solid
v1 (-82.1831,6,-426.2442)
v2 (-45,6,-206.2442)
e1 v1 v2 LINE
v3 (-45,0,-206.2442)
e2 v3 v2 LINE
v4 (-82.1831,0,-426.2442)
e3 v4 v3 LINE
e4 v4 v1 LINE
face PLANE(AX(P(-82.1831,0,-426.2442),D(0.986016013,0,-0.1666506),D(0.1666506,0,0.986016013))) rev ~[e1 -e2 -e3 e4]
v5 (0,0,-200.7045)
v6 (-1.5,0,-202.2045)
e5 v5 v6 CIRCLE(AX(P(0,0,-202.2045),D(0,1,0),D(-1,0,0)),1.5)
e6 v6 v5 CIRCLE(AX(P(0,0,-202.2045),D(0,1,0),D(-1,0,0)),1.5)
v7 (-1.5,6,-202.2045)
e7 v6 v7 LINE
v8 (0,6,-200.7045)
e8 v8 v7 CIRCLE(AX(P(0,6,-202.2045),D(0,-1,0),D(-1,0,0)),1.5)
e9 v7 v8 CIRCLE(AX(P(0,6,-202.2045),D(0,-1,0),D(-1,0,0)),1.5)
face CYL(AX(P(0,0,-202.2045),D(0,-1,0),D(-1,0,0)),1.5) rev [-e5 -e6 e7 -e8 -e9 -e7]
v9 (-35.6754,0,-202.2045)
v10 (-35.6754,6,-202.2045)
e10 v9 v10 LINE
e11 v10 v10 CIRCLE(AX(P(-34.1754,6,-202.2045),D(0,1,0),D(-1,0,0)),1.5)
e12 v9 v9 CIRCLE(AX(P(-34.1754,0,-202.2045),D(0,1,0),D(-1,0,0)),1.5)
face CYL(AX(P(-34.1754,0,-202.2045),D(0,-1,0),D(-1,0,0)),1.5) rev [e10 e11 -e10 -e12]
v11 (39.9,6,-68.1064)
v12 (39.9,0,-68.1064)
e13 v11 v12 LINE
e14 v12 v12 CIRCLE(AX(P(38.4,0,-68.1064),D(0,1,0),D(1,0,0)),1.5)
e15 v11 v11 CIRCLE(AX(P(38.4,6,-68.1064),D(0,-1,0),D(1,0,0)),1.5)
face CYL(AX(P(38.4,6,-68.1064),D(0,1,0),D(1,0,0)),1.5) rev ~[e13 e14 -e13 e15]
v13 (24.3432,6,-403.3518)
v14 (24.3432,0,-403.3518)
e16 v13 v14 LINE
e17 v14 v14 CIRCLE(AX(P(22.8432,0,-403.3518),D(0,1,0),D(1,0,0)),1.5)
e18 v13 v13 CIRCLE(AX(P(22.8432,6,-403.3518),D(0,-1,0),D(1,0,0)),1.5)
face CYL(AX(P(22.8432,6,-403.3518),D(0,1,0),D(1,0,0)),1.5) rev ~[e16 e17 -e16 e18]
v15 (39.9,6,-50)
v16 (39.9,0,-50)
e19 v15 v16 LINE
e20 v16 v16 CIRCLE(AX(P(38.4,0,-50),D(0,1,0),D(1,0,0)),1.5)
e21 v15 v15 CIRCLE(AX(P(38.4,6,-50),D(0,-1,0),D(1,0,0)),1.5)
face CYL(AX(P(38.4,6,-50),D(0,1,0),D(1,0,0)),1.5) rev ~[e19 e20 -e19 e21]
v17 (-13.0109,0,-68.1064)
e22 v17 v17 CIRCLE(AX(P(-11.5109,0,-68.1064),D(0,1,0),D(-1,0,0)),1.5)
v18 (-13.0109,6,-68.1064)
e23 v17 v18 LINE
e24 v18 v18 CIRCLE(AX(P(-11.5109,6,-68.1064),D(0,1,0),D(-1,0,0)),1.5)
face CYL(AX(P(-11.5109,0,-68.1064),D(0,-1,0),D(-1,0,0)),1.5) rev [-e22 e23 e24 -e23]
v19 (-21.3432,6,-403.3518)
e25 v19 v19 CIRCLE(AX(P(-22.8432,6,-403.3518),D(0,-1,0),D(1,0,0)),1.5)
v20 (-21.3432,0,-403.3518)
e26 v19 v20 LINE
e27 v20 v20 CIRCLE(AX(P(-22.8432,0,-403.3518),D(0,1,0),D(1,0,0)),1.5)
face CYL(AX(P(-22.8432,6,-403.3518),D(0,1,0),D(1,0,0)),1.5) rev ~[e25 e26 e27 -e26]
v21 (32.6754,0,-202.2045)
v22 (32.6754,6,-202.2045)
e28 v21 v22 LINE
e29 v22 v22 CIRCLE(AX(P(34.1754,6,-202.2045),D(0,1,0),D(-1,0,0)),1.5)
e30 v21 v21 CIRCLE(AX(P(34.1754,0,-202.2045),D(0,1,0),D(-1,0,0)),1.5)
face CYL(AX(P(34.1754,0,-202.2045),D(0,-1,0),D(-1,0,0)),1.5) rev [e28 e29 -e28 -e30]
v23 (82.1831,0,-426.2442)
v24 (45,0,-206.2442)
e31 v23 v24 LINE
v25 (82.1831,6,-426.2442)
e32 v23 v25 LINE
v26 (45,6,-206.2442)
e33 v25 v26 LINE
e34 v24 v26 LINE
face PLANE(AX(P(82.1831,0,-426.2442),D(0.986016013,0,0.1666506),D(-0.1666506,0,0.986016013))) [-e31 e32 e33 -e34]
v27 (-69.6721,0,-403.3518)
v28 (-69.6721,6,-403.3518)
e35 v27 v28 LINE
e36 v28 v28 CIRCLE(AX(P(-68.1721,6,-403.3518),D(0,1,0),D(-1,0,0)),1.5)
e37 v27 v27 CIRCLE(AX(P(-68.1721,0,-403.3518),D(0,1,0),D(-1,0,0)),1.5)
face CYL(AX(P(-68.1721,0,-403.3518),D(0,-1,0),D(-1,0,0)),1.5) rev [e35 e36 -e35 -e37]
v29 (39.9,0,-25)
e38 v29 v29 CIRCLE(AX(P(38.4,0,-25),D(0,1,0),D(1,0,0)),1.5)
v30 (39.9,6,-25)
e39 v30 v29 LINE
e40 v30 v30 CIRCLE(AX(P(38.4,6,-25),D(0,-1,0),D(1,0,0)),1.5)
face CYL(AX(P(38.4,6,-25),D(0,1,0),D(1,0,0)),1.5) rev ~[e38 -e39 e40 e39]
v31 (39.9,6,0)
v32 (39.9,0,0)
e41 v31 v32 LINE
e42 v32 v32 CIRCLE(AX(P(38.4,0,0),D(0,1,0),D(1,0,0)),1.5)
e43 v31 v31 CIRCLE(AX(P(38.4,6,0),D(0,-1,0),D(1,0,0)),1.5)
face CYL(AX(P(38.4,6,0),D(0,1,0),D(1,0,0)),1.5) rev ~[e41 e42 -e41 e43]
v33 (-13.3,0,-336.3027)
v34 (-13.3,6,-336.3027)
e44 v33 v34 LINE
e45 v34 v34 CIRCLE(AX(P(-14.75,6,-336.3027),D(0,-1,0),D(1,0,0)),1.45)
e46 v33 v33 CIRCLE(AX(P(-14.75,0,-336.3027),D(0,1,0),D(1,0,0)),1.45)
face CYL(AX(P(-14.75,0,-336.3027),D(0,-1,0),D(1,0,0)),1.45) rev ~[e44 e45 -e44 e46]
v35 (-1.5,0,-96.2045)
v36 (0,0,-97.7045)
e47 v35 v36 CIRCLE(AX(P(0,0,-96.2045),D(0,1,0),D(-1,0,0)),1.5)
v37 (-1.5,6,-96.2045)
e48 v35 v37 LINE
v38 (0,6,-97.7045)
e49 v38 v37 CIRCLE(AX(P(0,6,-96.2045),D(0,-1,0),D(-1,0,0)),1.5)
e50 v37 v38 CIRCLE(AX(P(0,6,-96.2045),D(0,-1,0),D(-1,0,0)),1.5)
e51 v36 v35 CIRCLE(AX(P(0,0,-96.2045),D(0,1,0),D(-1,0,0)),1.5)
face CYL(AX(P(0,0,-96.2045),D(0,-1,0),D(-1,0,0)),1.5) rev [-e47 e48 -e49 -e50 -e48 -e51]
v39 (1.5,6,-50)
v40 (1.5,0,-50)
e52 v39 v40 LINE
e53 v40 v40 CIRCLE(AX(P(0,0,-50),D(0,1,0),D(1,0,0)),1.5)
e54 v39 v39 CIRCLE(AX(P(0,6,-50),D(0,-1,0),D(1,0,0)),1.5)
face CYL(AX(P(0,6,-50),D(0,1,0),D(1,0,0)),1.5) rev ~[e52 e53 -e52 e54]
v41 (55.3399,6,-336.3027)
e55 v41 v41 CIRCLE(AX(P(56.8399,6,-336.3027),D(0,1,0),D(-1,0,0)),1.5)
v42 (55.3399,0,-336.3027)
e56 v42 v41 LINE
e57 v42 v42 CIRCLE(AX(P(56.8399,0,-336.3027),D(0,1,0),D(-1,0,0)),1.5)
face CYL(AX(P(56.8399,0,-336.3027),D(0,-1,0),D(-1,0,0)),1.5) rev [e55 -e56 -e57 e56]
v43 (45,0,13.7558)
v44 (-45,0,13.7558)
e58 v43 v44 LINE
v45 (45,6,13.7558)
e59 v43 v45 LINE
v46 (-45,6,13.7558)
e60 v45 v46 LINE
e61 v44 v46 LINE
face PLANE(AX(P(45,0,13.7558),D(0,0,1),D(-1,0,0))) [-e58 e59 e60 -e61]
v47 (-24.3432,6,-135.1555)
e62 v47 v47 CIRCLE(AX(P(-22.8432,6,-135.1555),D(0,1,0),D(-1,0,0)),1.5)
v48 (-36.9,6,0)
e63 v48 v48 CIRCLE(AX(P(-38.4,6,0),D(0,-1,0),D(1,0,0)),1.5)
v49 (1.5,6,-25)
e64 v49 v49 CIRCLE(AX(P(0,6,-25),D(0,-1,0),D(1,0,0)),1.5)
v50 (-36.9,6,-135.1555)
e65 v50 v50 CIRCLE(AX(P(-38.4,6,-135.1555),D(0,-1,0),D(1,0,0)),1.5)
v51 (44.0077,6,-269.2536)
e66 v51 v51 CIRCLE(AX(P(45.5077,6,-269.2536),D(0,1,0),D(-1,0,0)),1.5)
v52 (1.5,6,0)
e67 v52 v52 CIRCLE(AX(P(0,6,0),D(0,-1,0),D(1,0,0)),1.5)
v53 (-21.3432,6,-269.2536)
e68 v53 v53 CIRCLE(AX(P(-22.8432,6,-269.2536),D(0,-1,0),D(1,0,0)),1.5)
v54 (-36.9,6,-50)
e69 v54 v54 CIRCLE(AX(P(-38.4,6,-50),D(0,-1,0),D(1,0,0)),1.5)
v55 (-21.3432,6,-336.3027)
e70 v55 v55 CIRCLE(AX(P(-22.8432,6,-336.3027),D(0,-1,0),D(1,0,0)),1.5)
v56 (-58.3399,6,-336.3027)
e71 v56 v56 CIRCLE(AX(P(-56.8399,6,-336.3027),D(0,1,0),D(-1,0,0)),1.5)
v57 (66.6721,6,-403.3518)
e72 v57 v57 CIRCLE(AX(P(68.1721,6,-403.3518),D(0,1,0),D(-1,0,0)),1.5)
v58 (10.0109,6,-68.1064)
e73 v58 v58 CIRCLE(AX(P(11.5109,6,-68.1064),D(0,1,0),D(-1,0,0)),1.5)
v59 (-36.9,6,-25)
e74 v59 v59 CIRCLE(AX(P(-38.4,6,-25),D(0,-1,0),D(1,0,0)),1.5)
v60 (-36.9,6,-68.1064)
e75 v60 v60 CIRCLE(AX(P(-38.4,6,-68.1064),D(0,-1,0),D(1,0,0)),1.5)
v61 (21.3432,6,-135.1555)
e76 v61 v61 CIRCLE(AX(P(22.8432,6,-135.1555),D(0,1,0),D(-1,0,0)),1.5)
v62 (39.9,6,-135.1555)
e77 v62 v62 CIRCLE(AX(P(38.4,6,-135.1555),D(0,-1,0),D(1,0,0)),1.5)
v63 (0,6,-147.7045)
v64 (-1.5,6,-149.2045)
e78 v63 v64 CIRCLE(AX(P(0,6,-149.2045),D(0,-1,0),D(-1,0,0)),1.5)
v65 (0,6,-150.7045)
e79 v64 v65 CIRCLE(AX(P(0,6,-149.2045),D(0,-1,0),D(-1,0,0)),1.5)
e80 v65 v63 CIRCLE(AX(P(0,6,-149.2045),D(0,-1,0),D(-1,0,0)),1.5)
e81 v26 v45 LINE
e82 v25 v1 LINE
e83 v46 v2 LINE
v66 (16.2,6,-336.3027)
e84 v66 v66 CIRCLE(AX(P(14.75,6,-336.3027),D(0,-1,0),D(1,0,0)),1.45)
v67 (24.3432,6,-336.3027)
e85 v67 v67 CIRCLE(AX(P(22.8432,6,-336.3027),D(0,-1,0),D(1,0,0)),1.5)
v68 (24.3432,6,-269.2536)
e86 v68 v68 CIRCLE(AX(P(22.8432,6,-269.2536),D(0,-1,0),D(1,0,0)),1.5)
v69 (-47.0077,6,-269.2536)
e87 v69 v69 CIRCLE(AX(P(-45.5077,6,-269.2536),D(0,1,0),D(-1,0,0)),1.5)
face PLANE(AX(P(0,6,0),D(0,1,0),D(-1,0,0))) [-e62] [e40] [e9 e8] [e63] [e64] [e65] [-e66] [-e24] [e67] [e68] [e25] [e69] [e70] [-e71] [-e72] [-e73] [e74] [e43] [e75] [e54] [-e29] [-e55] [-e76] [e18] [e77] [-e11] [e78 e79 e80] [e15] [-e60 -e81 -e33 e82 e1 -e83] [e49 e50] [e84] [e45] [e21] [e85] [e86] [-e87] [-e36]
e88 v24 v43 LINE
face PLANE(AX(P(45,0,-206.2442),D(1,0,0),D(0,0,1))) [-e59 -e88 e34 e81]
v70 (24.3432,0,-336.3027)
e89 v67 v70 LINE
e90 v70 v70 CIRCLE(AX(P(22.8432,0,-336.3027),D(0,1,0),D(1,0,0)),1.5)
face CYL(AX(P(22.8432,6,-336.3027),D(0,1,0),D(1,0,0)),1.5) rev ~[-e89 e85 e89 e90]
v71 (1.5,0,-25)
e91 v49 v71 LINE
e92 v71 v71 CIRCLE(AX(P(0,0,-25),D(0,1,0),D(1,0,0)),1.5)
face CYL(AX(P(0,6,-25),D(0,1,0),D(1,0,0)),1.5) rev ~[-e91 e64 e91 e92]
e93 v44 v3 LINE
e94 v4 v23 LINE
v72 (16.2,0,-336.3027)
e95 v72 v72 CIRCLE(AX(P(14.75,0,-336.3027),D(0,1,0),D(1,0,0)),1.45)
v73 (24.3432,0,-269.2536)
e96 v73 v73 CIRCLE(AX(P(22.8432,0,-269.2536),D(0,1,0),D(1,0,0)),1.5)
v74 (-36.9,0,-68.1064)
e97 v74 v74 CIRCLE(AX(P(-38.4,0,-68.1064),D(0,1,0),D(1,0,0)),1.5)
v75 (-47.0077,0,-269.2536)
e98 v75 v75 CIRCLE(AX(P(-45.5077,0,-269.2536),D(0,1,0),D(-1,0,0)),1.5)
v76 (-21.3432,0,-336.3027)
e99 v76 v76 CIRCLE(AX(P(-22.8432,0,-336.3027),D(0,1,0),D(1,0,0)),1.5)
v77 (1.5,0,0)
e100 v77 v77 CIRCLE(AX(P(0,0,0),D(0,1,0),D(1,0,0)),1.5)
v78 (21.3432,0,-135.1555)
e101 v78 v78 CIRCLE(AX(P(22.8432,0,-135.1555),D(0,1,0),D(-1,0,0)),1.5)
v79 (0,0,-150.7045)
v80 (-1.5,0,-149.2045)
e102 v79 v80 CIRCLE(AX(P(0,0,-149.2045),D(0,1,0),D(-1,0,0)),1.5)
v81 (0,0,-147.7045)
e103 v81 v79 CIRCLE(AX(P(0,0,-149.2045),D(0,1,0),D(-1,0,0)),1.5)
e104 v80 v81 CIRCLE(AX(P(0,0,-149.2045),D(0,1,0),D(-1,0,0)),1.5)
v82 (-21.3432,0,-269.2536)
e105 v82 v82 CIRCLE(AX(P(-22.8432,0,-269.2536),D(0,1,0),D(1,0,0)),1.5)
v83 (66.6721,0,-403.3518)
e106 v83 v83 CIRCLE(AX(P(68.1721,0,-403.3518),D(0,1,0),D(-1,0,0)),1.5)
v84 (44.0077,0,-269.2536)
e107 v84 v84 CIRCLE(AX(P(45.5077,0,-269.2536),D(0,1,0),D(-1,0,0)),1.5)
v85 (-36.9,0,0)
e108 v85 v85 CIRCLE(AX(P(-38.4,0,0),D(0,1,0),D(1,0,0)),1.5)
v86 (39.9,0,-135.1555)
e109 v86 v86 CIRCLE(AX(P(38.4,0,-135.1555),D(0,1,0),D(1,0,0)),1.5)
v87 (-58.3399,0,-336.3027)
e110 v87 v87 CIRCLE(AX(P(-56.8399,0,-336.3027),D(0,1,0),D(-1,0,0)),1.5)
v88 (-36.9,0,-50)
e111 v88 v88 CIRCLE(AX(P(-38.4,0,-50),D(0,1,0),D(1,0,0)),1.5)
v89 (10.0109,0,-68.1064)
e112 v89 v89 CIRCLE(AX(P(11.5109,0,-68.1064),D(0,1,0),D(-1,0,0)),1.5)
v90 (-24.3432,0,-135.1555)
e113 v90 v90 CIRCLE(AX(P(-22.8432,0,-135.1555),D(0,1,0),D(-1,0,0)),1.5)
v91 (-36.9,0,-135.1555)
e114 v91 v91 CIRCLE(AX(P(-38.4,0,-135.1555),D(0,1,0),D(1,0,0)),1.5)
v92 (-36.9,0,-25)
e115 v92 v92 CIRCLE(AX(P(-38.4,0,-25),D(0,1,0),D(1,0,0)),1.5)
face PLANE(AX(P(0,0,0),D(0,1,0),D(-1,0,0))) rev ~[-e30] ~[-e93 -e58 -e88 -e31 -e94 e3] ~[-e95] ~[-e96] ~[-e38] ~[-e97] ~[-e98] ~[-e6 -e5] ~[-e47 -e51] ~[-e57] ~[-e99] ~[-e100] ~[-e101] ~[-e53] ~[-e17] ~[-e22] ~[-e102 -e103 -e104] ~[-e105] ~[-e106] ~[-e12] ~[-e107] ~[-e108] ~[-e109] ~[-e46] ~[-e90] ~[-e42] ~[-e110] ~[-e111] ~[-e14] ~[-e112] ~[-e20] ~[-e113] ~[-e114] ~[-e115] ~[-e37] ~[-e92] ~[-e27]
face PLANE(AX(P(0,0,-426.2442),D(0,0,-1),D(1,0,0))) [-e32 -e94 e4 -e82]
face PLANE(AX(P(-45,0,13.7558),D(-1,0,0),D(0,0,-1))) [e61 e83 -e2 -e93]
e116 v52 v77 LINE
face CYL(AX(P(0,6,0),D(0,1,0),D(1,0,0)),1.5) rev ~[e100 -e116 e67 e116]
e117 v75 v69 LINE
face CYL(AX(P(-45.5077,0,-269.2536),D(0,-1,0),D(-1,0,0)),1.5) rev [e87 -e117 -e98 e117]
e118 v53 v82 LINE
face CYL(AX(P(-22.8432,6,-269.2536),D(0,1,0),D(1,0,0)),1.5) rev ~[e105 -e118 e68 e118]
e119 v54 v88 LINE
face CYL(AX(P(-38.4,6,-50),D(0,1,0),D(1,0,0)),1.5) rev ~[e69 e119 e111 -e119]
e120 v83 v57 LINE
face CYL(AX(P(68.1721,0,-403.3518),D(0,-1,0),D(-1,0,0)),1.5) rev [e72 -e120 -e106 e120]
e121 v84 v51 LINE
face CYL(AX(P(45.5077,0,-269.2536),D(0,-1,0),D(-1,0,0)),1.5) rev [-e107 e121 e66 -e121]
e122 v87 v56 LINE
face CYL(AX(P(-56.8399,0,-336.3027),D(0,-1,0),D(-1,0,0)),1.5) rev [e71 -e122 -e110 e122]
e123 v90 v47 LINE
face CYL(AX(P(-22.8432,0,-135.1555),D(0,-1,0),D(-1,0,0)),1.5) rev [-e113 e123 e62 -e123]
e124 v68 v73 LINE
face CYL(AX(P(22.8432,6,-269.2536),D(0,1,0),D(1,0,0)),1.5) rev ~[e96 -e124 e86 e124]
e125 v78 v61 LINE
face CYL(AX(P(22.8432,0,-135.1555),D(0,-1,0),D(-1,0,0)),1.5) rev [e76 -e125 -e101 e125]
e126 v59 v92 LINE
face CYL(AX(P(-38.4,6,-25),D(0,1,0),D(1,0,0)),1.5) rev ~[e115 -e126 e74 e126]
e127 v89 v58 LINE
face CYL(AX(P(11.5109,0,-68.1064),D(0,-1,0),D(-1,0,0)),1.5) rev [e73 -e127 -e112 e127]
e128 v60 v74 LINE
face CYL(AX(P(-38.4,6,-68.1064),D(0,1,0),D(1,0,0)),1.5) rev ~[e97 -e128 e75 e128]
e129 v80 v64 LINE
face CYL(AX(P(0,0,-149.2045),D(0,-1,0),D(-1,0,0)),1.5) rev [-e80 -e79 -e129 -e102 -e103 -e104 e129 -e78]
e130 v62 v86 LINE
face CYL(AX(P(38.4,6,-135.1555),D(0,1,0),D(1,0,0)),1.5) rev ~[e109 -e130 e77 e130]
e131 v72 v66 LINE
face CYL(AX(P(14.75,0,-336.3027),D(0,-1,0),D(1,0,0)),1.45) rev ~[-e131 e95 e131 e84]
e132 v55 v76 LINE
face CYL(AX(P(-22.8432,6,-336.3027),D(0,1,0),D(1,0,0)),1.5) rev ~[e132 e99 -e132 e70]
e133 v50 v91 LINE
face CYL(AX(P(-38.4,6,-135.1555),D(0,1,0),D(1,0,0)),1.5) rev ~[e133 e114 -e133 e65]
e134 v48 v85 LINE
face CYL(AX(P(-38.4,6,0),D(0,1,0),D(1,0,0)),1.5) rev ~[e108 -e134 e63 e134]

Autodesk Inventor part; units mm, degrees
ref_plane "YZ Plane" through (0, 0, 0) normal (1, 0, 0) x (0, 1, 0)
ref_plane "XZ Plane" through (0, 0, 0) normal (0, 1, 0) x (-1, 0, 0)
ref_plane "XY Plane" through (0, 0, 0) normal (0, 0, 1) x (1, 0, 0)
sketch "Эскиз1" plane through (0, 0, 0) normal (0, 1, 0) x (-1, 0, 0)
  line L0 (0, 0) -> (0, 458.3537) construction
  line L1 (0, 0) -> (0, -395.9132) construction
  line L2 (0, 0) -> (0, -1420) construction
  line L3 (0, -1420) -> (-240, -1420) construction
  line L4 (0, -1420) -> (240, -1420) construction
  line L5 (-240, -1420) -> (-11.5109, -68.1064) construction
  line L6 (-45, 13.7558) -> (45, 13.7558)
  line L7 (45, 13.7558) -> (45, -206.2442)
  line L8 (45, -206.2442) -> (-45, -206.2442) construction
  line L9 (-45, -206.2442) -> (-45, 13.7558)
  line L10 (-45, 13.7558) -> (45, -206.2442) construction
  line L11 (45, 13.7558) -> (-45, -206.2442) construction
  line L12 (-251.832, -1430) -> (-82.1831, -426.2442) construction
  line L13 (-45, -206.2442) -> (45, -206.2442) construction
  line L14 (45, -206.2442) -> (45, -426.2442) construction
  line L15 (45, -426.2442) -> (-45, -426.2442) construction
  line L16 (-45, -426.2442) -> (-45, -206.2442) construction
  line L17 (0, -426.2442) -> (-82.1831, -426.2442)
  line L18 (-82.1831, -426.2442) -> (-45, -206.2442)
  line L19 (0, -426.2442) -> (82.1831, -426.2442)
  line L20 (82.1831, -426.2442) -> (45, -206.2442)
  circle A0 centre (-11.5109, -68.1064) radius 1.5
  line L21 (-11.5109, -68.1064) -> (0, 0) construction
  circle A1 centre (-22.8432, -135.1555) radius 1.5
  circle A2 centre (-34.1754, -202.2045) radius 1.5
  circle A3 centre (-45.5077, -269.2536) radius 1.5
  circle A4 centre (-56.8399, -336.3027) radius 1.5
  circle A5 centre (-68.1721, -403.3518) radius 1.5
  circle A6 centre (11.5109, -68.1064) radius 1.5
  circle A7 centre (22.8432, -135.1555) radius 1.5
  circle A8 centre (34.1754, -202.2045) radius 1.5
  circle A9 centre (45.5077, -269.2536) radius 1.5
  circle A10 centre (56.8399, -336.3027) radius 1.5
  circle A11 centre (68.1721, -403.3518) radius 1.5
  line L22 (0, -96.2442) -> (0, -202.2045)
  circle A12 centre (0, -202.2045) radius 1.5
  circle A13 centre (0, -149.2045) radius 1.5
  circle A14 centre (0, -96.2045) radius 1.5
  point P0 (0, -96.2442)
  dimension "d16" = 240
  dimension "d17" = 180
  dimension "d18" = 1420
  dimension "d21" = 90
  dimension "d22" = 220
  dimension "d24" = 10
  dimension "d25" = 90
  dimension "d26" = 220
  dimension "d27" = 3
  dimension "d30" = 68
  dimension "d39" = 53
extrude "Выдавливание1" add sketch "Эскиз1" along normal blind 6 contours L6 L7 L20 L19 L17 L18 L9 | A12 | A13 L22 | L22 A13 | A14
extrude "Выдавливание2" cut sketch "Эскиз1" along normal blind 10 contours A12 | A13 L22 | L22 A13 | A14
sketch "Эскиз2" plane through (0, 6, 0) normal (0, 1, 0) x (1, 0, 0)
  circle A0 centre (-45.5077, 269.2536) radius 1.5 projected
  circle A1 centre (-56.8399, 336.3027) radius 1.5 projected
  circle A2 centre (0, 202.2045) radius 1.5 projected
  circle A3 centre (0, 149.2045) radius 1.5 projected
  circle A4 centre (0, 96.2045) radius 1.5 projected
  line L0 (45, 206.2442) -> (82.1831, 426.2442) projected
  line L1 (82.1831, 426.2442) -> (-82.1831, 426.2442) projected
  line L2 (-82.1831, 426.2442) -> (-45, 206.2442) projected
  line L3 (-45, 206.2442) -> (-45, -13.7558) projected
  line L4 (-45, -13.7558) -> (45, -13.7558) projected
  line L5 (45, -13.7558) -> (45, 206.2442) projected
  circle A5 centre (11.5109, 68.1064) radius 1.5 projected
  circle A6 centre (22.8432, 135.1555) radius 1.5 projected
  circle A7 centre (34.1754, 202.2045) radius 1.5 projected
  circle A8 centre (-11.5109, 68.1064) radius 1.5 projected
  circle A9 centre (-22.8432, 135.1555) radius 1.5 projected
  circle A10 centre (-34.1754, 202.2045) radius 1.5 projected
  circle A11 centre (45.5077, 269.2536) radius 1.5 projected
  circle A12 centre (56.8399, 336.3027) radius 1.5 projected
  circle A13 centre (68.1721, 403.3518) radius 1.5 projected
  circle A14 centre (-45.5077, 269.2536) radius 1.5 projected
  circle A15 centre (-56.8399, 336.3027) radius 1.5 projected
  circle A16 centre (-68.1721, 403.3518) radius 1.5 projected
  line L6 (-82.1831, 426.2442) -> (-45, 206.2442) projected
  line L7 (-55.6495, 269.2536) -> (55.6495, 269.2536)
  line L8 (45, 206.2442) -> (82.1831, 426.2442) projected
  line L9 (-66.9817, 336.3027) -> (66.9817, 336.3027)
  line L10 (-78.314, 403.3518) -> (78.314, 403.3518)
  circle A17 centre (-22.8432, 269.2536) radius 1.5
  circle A18 centre (22.8432, 269.2536) radius 1.5
  circle A19 centre (-22.8432, 336.3027) radius 1.5
  circle A20 centre (22.8432, 336.3027) radius 1.5
  circle A21 centre (-22.8432, 403.3518) radius 1.5
  circle A22 centre (22.8432, 403.3518) radius 1.5
  point P0 (0, 0)
extrude "Выдавливание3" cut sketch "Эскиз2" against normal blind 10 contours A17 L7 | L7 A17 | A18 L7 | L7 A18 | A19 L9 | L9 A19 | A21 L10 | L10 A21 | A20 L9 | L9 A20 | A22 L10 | L10 A22
sketch "Эскиз3" plane through (0, 6, 0) normal (0, 1, 0) x (1, 0, 0)
  circle A0 centre (-22.8432, 336.3027) radius 1.5 projected
  circle A1 centre (22.8432, 403.3518) radius 1.5 projected
  circle A2 centre (22.8432, 269.2536) radius 1.5 projected
  circle A3 centre (22.8432, 336.3027) radius 1.5 projected
  circle A4 centre (-22.8432, 403.3518) radius 1.5 projected
  circle A5 centre (-22.8432, 269.2536) radius 1.5 projected
  circle A6 centre (0, 202.2045) radius 1.5 projected
  circle A7 centre (0, 149.2045) radius 1.5 projected
  circle A8 centre (0, 96.2045) radius 1.5 projected
  line L0 (45, 206.2442) -> (82.1831, 426.2442) projected
  line L1 (82.1831, 426.2442) -> (-82.1831, 426.2442) projected
  line L2 (-82.1831, 426.2442) -> (-45, 206.2442) projected
  line L3 (-45, 206.2442) -> (-45, -13.7558) projected
  line L4 (-45, -13.7558) -> (45, -13.7558) projected
  line L5 (45, -13.7558) -> (45, 206.2442) projected
  circle A9 centre (11.5109, 68.1064) radius 1.5 projected
  circle A10 centre (22.8432, 135.1555) radius 1.5 projected
  circle A11 centre (34.1754, 202.2045) radius 1.5 projected
  circle A12 centre (-11.5109, 68.1064) radius 1.5 projected
  circle A13 centre (-22.8432, 135.1555) radius 1.5 projected
  circle A14 centre (-34.1754, 202.2045) radius 1.5 projected
  circle A15 centre (45.5077, 269.2536) radius 1.5 projected
  circle A16 centre (56.8399, 336.3027) radius 1.5 projected
  circle A17 centre (68.1721, 403.3518) radius 1.5 projected
  circle A18 centre (-45.5077, 269.2536) radius 1.5 projected
  circle A19 centre (-56.8399, 336.3027) radius 1.5 projected
  circle A20 centre (-68.1721, 403.3518) radius 1.5 projected
  line L6 (-45, 206.2442) -> (-45, -13.7558) projected
  line L7 (-45, 68.1064) -> (45, 68.1064)
  line L8 (45, -13.7558) -> (45, 206.2442) projected
  line L9 (-45, 135.1555) -> (45, 135.1555)
  circle A21 centre (-38.4, 135.1555) radius 1.5
  circle A22 centre (-38.4, 68.1064) radius 1.5
  circle A23 centre (38.4, 68.1064) radius 1.5
  circle A24 centre (38.4, 135.1555) radius 1.5
  line L10 (-39.9, 0) -> (38.4, 0)
  line L11 (0, 0) -> (0, 68.1064)
  circle A25 centre (38.4, 0) radius 1.5
  circle A26 centre (0, 0) radius 1.5
  circle A27 centre (-38.4, 0) radius 1.5
  line L12 (-39.9, 25) -> (38.4, 25)
  circle A28 centre (-38.4, 25) radius 1.5
  circle A29 centre (0, 25) radius 1.5
  circle A30 centre (38.4, 25) radius 1.5
  line L13 (-39.9, 50) -> (38.4, 50)
  circle A31 centre (-38.4, 50) radius 1.5
  circle A32 centre (0, 50) radius 1.5
  circle A33 centre (38.4, 50) radius 1.5
  dimension "d48" = 3
  dimension "d49" = 6.6
  dimension "d50" = 6.6
  dimension "d51" = 6.6
  dimension "d52" = 6.6
  dimension "d62" = 25
extrude "Выдавливание4" cut sketch "Эскиз3" against normal blind 10 contours A33 | A30 | A25 | A27 L10 | L10 A27 | A26 L10 L11 | L11 L10 A26 | A28 L12 | L12 A28 | A29 L12 L11 | L11 L12 A29 | A31 L13 | L13 A31 | A32 L13 L11 | L11 L13 A32 | A24 L9 | L9 A24 | A23 L7 | L7 A23 | A21 L9 | L9 A21 | A22 L7 | L7 A22 | L13 A32 L11 | L11 A32 L13 | L12 A29 L11 | L11 A29 L12 | L10 A26
sketch "Эскиз4" plane through (0, 0, 0) normal (0, -1, 0) x (1, 0, 0)
  circle A0 centre (-22.8432, -336.3027) radius 1.5 projected
  circle A1 centre (22.8432, -336.3027) radius 1.5 projected
  circle A2 centre (-22.8432, -336.3027) radius 1.5 projected
  line L0 (-22.8432, -336.3027) -> (22.8432, -336.3027)
  line L1 (0, -336.3027) -> (14.75, -336.3027)
  line L2 (0, -336.3027) -> (-14.75, -336.3027)
  circle A3 centre (-14.75, -336.3027) radius 1.45
  circle A4 centre (14.75, -336.3027) radius 1.45
  point P0 (0, 0)
  dimension "d69" = 14.75
  dimension "d70" = 14.75
  dimension "d71" = 2.9
  dimension "d72" = 2.9
extrude "Выдавливание5" cut sketch "Эскиз4" against normal through all contours A4 L0 | L0 A4 | A3 L0 | L0 A3
properties part number "шея2,0"
